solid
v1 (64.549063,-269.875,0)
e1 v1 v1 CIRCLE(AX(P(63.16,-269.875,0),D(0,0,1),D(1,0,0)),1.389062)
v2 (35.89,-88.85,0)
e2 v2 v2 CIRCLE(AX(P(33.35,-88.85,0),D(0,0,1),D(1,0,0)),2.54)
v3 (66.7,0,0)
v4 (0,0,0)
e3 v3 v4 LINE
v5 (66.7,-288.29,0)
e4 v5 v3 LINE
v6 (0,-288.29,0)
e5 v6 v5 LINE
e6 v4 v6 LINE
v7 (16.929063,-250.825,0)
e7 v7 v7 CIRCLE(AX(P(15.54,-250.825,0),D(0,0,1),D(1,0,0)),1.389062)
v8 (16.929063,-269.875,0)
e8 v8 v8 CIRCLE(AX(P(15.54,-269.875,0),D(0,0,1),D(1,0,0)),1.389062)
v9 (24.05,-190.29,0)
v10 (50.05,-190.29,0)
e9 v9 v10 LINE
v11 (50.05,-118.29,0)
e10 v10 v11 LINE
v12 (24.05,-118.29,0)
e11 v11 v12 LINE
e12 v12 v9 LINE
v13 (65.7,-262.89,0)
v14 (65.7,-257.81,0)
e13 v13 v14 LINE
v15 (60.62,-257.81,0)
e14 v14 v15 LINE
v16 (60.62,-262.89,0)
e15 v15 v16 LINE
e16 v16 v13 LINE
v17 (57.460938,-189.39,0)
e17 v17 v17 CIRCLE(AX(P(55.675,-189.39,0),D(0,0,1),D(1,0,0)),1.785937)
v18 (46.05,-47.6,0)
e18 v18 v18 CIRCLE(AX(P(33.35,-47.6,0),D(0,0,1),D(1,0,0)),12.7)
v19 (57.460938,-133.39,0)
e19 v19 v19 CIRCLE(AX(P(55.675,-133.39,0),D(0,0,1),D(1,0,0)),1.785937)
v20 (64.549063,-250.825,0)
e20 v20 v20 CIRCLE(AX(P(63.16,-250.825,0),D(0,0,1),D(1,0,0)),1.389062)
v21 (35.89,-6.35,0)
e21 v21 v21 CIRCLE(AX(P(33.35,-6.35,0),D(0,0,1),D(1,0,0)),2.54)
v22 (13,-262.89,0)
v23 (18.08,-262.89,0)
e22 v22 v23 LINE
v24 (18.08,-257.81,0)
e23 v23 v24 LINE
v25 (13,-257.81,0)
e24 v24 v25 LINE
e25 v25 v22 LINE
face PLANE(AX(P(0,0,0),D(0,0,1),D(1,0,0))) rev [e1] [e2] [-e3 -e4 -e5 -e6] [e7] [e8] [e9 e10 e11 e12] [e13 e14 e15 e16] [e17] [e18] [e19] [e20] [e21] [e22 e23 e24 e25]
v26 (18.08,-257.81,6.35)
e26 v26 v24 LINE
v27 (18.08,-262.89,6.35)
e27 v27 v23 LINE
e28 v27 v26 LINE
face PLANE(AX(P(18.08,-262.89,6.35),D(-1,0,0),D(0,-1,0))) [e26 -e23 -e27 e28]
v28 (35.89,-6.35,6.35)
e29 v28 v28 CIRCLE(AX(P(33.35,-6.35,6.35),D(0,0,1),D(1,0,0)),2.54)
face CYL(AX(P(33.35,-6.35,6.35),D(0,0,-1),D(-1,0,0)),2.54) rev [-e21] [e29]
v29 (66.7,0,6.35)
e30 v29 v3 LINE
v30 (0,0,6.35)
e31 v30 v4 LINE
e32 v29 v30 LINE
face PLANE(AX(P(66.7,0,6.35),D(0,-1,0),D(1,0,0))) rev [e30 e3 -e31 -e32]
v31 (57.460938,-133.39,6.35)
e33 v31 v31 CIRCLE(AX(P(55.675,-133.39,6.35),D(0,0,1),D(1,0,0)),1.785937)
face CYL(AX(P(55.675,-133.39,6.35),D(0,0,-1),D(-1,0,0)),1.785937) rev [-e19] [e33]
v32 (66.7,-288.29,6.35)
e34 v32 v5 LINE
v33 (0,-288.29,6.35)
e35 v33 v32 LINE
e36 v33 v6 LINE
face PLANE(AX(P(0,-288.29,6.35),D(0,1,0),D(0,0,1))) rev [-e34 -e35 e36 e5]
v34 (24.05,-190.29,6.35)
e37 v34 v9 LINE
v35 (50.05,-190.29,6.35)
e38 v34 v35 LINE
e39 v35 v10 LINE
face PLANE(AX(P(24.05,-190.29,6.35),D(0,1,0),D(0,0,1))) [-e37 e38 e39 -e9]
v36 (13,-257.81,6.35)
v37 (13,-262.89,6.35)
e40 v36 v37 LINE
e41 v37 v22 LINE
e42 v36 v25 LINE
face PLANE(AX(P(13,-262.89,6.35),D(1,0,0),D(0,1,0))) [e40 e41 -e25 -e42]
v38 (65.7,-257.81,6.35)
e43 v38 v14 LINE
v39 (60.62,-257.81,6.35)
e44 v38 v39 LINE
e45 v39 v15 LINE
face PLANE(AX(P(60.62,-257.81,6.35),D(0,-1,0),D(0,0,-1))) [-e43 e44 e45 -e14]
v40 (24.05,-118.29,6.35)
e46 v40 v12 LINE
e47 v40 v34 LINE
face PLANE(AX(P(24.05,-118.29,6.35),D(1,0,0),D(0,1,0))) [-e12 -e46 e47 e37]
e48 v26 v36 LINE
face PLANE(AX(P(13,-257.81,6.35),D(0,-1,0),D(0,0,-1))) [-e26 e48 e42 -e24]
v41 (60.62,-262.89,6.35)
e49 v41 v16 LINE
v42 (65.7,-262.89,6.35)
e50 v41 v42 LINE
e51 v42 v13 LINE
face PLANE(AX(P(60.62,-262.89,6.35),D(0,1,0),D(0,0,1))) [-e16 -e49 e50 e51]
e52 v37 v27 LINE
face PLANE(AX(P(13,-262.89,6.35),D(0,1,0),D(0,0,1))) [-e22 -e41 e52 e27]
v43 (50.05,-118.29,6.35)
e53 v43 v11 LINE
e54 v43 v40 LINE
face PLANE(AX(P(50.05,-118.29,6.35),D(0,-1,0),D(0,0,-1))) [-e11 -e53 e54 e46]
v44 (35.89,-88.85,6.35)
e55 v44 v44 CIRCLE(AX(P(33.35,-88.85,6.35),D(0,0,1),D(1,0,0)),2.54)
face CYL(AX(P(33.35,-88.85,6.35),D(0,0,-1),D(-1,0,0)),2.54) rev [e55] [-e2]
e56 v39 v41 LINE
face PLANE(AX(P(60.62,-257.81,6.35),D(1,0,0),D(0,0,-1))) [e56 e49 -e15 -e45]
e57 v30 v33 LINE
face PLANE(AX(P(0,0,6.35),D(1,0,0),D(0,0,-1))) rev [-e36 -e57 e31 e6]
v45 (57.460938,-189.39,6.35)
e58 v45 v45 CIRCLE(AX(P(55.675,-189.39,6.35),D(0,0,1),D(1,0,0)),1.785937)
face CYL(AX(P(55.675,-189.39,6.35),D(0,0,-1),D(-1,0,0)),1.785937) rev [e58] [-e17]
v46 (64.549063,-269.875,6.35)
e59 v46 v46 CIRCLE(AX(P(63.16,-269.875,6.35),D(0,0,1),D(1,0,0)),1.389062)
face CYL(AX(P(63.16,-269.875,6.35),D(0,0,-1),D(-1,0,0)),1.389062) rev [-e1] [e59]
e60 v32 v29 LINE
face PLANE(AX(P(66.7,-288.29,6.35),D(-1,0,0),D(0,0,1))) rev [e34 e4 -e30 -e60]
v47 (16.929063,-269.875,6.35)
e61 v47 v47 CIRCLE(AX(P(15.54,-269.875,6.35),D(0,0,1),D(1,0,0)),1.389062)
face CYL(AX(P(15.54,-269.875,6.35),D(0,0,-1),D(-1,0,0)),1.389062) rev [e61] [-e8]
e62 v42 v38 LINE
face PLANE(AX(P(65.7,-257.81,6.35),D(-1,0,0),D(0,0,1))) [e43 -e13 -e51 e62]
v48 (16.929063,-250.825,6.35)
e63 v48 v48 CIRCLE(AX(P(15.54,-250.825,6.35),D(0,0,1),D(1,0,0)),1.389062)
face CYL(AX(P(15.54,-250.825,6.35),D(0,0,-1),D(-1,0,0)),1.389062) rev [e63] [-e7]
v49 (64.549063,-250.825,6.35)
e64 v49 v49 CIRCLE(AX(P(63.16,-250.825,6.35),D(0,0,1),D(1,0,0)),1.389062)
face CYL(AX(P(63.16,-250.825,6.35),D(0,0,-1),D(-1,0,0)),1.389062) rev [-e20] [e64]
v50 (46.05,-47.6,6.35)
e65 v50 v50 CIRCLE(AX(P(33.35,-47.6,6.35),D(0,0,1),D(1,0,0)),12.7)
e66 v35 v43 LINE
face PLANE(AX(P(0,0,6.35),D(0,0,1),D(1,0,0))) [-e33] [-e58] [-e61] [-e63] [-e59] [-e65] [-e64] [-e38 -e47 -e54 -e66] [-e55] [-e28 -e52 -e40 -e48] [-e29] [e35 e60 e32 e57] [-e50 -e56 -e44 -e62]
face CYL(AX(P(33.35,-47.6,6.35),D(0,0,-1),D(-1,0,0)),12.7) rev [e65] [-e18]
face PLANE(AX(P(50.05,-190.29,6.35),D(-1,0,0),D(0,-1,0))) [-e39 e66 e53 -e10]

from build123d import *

# Parameters (mm, degrees)
SKETCH1_W           = 66.7
SKETCH1_H           = 288.29
SKETCH1_R           = 1.3890625
SKETCH1_R_2         = 1.7859375
SKETCH1_R_3         = 2.54
SKETCH1_R_4         = 12.7
SKETCH1_W_2         = 5.08
SKETCH1_H_2         = 5.08
SKETCH1_W_3         = 26
SKETCH1_H_3         = 72
BOSS_EXTRUDE1_DEPTH = 6.35


with BuildPart() as part:
    # Sketch1 → Boss-Extrude1 (new body)
    with BuildSketch(Plane.XY):
        with Locations((33.35, -144.145)):
            Rectangle(SKETCH1_W, SKETCH1_H)
        with Locations((63.16, -269.875)):
            Circle(SKETCH1_R, mode=Mode.SUBTRACT)
        with Locations((63.16, -250.825)):
            Circle(SKETCH1_R, mode=Mode.SUBTRACT)
        with Locations((15.54, -250.825)):
            Circle(SKETCH1_R, mode=Mode.SUBTRACT)
        with Locations((15.54, -269.875)):
            Circle(SKETCH1_R, mode=Mode.SUBTRACT)
        with Locations((55.675, -133.39)):
            Circle(SKETCH1_R_2, mode=Mode.SUBTRACT)
        with Locations((55.675, -189.39)):
            Circle(SKETCH1_R_2, mode=Mode.SUBTRACT)
        with Locations((33.35, -88.85)):
            Circle(SKETCH1_R_3, mode=Mode.SUBTRACT)
        with Locations((33.35, -47.6)):
            Circle(SKETCH1_R_4, mode=Mode.SUBTRACT)
        with Locations((33.35, -6.35)):
            Circle(SKETCH1_R_3, mode=Mode.SUBTRACT)
        with Locations((63.16, -260.35)):
            Rectangle(SKETCH1_W_2, SKETCH1_H_2, mode=Mode.SUBTRACT)
        with Locations((15.54, -260.35)):
            Rectangle(SKETCH1_W_2, SKETCH1_H_2, mode=Mode.SUBTRACT)
        with Locations((37.05, -154.29)):
            Rectangle(SKETCH1_W_3, SKETCH1_H_3, mode=Mode.SUBTRACT)
    extrude(amount=BOSS_EXTRUDE1_DEPTH)


solid = part.part
